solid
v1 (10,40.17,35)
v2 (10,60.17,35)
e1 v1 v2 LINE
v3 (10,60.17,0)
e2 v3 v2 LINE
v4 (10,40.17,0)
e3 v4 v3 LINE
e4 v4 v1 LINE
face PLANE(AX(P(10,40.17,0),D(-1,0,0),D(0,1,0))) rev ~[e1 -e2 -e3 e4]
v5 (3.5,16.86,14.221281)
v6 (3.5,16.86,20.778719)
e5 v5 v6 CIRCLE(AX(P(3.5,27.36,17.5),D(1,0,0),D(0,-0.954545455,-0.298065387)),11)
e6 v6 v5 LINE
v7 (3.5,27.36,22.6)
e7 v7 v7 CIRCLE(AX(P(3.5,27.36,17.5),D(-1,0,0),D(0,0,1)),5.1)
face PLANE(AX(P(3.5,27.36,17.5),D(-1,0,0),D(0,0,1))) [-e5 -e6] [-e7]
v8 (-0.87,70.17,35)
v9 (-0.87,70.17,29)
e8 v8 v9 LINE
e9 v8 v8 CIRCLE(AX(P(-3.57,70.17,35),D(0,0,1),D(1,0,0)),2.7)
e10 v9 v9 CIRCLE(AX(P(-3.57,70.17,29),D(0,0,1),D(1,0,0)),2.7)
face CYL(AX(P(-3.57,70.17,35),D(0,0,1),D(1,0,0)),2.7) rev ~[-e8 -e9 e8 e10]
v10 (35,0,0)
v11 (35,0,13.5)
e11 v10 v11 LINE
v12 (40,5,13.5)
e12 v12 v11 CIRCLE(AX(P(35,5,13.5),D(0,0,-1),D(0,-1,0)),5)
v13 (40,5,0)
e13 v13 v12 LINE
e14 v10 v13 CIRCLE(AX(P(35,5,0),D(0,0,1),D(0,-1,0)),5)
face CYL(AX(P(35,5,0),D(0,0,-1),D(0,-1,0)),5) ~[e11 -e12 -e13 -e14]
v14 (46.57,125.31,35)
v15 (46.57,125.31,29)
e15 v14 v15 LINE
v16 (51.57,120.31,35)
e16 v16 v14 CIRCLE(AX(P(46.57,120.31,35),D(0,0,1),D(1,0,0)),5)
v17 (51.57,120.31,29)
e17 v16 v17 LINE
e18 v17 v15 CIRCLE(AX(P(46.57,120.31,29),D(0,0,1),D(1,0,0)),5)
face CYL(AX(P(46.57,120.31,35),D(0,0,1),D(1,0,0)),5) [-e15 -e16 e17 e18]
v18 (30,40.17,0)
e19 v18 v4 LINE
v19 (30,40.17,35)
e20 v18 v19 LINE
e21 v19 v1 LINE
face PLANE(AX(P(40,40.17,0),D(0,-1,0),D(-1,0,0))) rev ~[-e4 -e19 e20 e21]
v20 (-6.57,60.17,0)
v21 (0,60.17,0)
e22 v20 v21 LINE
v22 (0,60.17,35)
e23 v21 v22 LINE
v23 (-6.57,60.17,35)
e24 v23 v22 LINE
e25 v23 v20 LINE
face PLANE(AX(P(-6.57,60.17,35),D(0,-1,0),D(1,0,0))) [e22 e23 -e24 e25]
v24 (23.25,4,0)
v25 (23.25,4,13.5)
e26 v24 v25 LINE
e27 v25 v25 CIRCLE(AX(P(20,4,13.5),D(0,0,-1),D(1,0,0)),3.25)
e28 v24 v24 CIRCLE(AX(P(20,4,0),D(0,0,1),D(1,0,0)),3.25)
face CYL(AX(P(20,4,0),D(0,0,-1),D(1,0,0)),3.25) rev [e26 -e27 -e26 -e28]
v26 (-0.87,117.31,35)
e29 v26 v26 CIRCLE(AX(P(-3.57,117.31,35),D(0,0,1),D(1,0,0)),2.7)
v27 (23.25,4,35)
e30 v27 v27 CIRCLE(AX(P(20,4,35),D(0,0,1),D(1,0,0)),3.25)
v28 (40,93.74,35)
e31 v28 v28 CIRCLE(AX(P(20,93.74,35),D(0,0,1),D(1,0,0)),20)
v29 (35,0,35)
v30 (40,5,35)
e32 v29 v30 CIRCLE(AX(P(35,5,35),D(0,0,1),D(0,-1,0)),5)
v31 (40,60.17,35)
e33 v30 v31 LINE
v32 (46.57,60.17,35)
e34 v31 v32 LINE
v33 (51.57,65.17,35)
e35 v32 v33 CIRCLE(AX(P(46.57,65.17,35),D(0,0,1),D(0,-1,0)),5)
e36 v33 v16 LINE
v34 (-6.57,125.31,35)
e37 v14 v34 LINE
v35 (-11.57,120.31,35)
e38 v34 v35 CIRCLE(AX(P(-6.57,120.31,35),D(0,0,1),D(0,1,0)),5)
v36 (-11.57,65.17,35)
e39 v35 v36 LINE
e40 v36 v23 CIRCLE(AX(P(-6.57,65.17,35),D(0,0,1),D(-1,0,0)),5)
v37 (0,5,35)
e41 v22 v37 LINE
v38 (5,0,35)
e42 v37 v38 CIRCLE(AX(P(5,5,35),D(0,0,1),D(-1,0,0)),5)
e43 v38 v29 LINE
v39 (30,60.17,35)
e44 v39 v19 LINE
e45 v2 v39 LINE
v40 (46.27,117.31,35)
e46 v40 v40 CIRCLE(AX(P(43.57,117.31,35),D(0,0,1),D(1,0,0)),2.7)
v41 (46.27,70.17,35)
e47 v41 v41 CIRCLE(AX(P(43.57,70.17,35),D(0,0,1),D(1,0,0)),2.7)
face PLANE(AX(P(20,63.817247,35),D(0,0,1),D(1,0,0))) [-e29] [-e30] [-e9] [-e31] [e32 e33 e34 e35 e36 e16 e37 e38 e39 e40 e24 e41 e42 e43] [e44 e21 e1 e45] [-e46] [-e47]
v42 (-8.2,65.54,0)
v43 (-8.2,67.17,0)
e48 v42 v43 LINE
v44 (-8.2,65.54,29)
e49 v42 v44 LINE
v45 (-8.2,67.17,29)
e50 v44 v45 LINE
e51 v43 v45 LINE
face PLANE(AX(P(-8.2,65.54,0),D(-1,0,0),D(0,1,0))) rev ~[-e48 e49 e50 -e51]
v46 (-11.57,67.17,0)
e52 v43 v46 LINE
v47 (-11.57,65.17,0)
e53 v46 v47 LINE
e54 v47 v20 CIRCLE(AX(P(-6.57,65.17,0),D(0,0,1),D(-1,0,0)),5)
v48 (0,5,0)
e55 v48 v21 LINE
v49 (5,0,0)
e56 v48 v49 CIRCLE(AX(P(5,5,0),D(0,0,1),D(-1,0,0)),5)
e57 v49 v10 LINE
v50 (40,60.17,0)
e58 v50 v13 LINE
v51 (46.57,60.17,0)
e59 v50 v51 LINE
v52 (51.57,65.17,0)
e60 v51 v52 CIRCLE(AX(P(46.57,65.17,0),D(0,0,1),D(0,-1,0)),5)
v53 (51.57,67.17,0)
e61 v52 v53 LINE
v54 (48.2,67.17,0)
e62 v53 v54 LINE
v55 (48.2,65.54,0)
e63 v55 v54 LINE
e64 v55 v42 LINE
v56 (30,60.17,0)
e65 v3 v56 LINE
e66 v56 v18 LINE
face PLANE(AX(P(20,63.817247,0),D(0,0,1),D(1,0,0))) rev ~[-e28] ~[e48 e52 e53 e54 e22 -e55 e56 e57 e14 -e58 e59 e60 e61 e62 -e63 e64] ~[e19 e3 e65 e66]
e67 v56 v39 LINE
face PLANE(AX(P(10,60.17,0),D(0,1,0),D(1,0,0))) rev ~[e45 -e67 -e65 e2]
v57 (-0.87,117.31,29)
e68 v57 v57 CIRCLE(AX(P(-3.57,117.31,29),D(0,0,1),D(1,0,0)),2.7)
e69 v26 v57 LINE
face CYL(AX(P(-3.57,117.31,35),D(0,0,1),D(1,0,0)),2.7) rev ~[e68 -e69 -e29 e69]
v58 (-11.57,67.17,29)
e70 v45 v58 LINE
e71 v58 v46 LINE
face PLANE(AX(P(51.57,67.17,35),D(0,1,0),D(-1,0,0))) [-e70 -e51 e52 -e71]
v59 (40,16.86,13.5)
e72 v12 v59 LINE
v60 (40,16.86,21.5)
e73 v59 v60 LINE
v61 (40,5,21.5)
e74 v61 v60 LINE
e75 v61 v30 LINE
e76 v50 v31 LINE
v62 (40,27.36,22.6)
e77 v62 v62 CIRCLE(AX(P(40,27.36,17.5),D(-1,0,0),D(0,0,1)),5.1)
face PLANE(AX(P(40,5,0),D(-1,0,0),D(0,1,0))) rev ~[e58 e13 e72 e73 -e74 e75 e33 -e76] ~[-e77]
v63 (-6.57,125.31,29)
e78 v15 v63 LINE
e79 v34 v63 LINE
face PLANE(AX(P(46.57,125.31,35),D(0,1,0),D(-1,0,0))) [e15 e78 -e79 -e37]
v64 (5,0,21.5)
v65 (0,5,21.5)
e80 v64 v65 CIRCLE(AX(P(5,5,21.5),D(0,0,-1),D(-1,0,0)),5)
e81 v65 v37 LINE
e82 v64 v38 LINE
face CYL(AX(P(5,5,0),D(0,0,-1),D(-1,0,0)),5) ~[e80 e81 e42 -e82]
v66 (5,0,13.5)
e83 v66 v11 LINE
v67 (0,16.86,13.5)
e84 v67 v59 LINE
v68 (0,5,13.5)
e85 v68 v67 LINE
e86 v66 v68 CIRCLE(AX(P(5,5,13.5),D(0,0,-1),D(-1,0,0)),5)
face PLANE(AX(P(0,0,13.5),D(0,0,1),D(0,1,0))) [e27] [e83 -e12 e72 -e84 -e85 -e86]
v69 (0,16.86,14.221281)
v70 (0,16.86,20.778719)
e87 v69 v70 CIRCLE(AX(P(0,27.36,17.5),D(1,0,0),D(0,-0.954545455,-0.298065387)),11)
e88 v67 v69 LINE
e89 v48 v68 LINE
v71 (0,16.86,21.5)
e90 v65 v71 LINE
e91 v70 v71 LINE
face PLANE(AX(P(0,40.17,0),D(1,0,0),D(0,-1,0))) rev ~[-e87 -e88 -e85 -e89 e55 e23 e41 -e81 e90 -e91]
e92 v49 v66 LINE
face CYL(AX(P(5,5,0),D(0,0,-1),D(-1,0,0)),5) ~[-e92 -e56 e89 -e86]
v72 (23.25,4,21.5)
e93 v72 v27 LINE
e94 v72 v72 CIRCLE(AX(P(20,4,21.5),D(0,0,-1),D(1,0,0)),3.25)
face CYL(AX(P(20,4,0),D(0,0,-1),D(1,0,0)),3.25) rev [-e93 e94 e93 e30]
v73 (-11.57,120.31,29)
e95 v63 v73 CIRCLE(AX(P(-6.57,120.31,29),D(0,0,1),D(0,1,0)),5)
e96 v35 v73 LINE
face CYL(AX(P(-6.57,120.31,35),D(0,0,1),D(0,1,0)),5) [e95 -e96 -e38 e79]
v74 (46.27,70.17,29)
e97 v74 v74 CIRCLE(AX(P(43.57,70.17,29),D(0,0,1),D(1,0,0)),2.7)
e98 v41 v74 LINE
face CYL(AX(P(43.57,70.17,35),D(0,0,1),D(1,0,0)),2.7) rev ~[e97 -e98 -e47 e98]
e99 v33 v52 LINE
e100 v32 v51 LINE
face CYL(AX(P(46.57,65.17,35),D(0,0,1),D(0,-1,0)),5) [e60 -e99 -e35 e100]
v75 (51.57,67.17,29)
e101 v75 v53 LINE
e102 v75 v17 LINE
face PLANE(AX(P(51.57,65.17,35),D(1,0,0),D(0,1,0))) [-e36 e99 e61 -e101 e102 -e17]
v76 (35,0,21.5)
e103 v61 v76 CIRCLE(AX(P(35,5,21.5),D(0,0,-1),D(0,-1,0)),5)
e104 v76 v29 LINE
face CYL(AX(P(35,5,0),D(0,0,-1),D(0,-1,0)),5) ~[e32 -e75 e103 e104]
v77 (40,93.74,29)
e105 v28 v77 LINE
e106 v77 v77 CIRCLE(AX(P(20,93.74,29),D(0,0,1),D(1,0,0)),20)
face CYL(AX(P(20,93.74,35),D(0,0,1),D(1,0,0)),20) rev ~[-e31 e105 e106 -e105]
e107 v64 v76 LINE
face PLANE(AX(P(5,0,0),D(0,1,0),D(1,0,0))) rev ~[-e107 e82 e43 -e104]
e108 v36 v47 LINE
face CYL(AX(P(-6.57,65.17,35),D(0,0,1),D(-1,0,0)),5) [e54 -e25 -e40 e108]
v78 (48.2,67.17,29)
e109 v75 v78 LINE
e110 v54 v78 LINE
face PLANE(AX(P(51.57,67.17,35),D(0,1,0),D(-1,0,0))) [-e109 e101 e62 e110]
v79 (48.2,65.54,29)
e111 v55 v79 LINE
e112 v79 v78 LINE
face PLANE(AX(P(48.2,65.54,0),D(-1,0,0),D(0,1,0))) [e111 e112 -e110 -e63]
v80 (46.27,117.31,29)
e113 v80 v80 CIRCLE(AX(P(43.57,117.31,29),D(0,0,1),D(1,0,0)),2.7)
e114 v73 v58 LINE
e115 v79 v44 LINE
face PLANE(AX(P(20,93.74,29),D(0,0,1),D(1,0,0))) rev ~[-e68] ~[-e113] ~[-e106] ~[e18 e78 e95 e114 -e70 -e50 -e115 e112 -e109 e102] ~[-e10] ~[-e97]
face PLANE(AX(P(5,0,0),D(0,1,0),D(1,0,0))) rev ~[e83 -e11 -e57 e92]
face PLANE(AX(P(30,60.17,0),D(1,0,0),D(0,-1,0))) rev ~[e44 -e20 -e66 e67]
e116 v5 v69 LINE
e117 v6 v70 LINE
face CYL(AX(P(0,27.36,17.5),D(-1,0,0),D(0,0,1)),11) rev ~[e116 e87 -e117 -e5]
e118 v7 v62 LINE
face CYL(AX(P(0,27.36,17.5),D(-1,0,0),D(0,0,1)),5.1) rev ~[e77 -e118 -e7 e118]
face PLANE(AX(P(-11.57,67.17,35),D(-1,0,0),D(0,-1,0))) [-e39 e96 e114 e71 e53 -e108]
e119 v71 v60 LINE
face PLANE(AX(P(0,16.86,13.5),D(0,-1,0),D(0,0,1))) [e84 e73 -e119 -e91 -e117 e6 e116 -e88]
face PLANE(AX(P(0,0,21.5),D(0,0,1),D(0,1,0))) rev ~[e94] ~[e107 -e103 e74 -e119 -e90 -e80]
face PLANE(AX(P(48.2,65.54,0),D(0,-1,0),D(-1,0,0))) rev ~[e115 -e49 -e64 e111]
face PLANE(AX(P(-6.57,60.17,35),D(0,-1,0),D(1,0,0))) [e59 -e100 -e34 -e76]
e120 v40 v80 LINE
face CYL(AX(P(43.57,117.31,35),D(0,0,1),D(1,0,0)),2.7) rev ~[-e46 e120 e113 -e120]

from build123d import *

# Parameters (mm, degrees)
CROQUIS1_R                   = 3.25
SALIENTE_EXTRUIR1_DEPTH      = 35
CROQUIS3_R                   = 5.1
CROQUIS3_W                   = 8
CROQUIS3_H                   = 16.86
CORTAR_EXTRUIR2_DEPTH        = 85.095950556
CROQUIS4_R                   = 11
CORTAR_EXTRUIR3_DEPTH        = 3.5
CROQUIS5_R                   = 20
CROQUIS5_R_2                 = 2.7
SALIENTE_EXTRUIR3_DEPTH      = 6
SALIENTE_EXTRUIR5_DEPTH      = 29
SALIENTE_EXTRUIR5_DEPTH_BACK = 6
CROQUIS9_W                   = 56.4
CROQUIS9_H                   = 56.4
CORTAR_EXTRUIR4_DEPTH        = 29


with BuildPart() as part:
    # Croquis1 → Saliente-Extruir1 (new body)
    # profile 1 of 2: a face of its own
    with BuildSketch(Plane.XY):
        with BuildLine():
            Line((0, 60.17), (0, 40.17))
            Line((0, 40.17), (10, 40.17))
            Line((10, 40.17), (10, 60.17))
            Line((10, 60.17), (30, 60.17))
            Line((30, 60.17), (30, 40.17))
            Line((30, 40.17), (40, 40.17))
            Line((40, 40.17), (40, 60.17))
            ThreePointArc((40, 60.17), (38.535533906, 63.705533906), (35, 65.17))
            Line((35, 65.17), (5, 65.17))
            ThreePointArc((5, 65.17), (1.464466094, 63.705533906), (0, 60.17))
        make_face()
    # profile 2 of 2: a face of its own
    with BuildSketch(Plane.XY):
        with BuildLine():
            Line((5, 0), (35, 0))
            ThreePointArc((35, 0), (38.535533906, 1.464466094), (40, 5))
            Line((40, 5), (40, 40.17))
            Line((40, 40.17), (0, 40.17))
            Line((0, 40.17), (0, 5))
            ThreePointArc((0, 5), (1.464466094, 1.464466094), (5, 0))
        make_face()
        with Locations((20, 4)):
            Circle(CROQUIS1_R, mode=Mode.SUBTRACT)
    extrude(amount=SALIENTE_EXTRUIR1_DEPTH)

    # Croquis3 → Cortar-Extruir2 (cut, through all)
    with BuildSketch(Plane.ZY):
        with Locations((17.5, 27.36)):
            Circle(CROQUIS3_R)
        with Locations((17.5, 8.43)):
            Rectangle(CROQUIS3_W, CROQUIS3_H)
    extrude(amount=-CORTAR_EXTRUIR2_DEPTH, mode=Mode.SUBTRACT)

    # Croquis4 → Cortar-Extruir3 (cut)
    with BuildSketch(Plane.ZY):
        with Locations((17.5, 27.36)):
            Circle(CROQUIS4_R)
    extrude(amount=-CORTAR_EXTRUIR3_DEPTH, mode=Mode.SUBTRACT)

    # Croquis5 → Saliente-Extruir3 (add)
    with BuildSketch(Plane.XY.offset(35)):
        with BuildLine():
            Line((-11.57, 120.31), (-11.57, 67.17))
            ThreePointArc((-11.57, 67.17), (-10.105533906, 63.634466094), (-6.57, 62.17))
            Line((-6.57, 62.17), (46.57, 62.17))
            ThreePointArc((46.57, 62.17), (50.105533906, 63.634466094), (51.57, 67.17))
            Line((51.57, 67.17), (51.57, 120.31))
            ThreePointArc((51.57, 120.31), (50.105533906, 123.845533906), (46.57, 125.31))
            Line((46.57, 125.31), (-6.57, 125.31))
            ThreePointArc((-6.57, 125.31), (-10.105533906, 123.845533906), (-11.57, 120.31))
        make_face()
        with Locations((20, 93.74)):
            Circle(CROQUIS5_R, mode=Mode.SUBTRACT)
        with Locations((-3.57, 117.31)):
            Circle(CROQUIS5_R_2, mode=Mode.SUBTRACT)
        with Locations((43.57, 117.31)):
            Circle(CROQUIS5_R_2, mode=Mode.SUBTRACT)
        with Locations((43.57, 70.17)):
            Circle(CROQUIS5_R_2, mode=Mode.SUBTRACT)
        with Locations((-3.57, 70.17)):
            Circle(CROQUIS5_R_2, mode=Mode.SUBTRACT)
    extrude(amount=-SALIENTE_EXTRUIR3_DEPTH)

    # Croquis8 → Saliente-Extruir5 (add, two sides: drawn at the far end of the back side and taken through both)
    with BuildSketch(Plane(origin=(0, 0, 29), x_dir=(-1, 0, 0), z_dir=(0, 0, -1)).offset(-SALIENTE_EXTRUIR5_DEPTH_BACK)):
        with BuildLine():
            Line((6.57, 60.17), (-46.57, 60.17))
            ThreePointArc((-46.57, 60.17), (-50.105533906, 61.634466094), (-51.57, 65.17))
            Line((-51.57, 65.17), (-51.57, 67.17))
            Line((-51.57, 67.17), (11.57, 67.17))
            Line((11.57, 67.17), (11.57, 65.17))
            ThreePointArc((11.57, 65.17), (10.105533906, 61.634466094), (6.57, 60.17))
        make_face()
    extrude(amount=SALIENTE_EXTRUIR5_DEPTH + SALIENTE_EXTRUIR5_DEPTH_BACK)

    # Croquis9 → Cortar-Extruir4 (cut)
    with BuildSketch(Plane(origin=(0, 0, 0), x_dir=(-1, 0, 0), z_dir=(0, 0, -1))):
        with Locations((-20, 93.74)):
            Rectangle(CROQUIS9_W, CROQUIS9_H)
    extrude(amount=-CORTAR_EXTRUIR4_DEPTH, mode=Mode.SUBTRACT)


solid = part.part
